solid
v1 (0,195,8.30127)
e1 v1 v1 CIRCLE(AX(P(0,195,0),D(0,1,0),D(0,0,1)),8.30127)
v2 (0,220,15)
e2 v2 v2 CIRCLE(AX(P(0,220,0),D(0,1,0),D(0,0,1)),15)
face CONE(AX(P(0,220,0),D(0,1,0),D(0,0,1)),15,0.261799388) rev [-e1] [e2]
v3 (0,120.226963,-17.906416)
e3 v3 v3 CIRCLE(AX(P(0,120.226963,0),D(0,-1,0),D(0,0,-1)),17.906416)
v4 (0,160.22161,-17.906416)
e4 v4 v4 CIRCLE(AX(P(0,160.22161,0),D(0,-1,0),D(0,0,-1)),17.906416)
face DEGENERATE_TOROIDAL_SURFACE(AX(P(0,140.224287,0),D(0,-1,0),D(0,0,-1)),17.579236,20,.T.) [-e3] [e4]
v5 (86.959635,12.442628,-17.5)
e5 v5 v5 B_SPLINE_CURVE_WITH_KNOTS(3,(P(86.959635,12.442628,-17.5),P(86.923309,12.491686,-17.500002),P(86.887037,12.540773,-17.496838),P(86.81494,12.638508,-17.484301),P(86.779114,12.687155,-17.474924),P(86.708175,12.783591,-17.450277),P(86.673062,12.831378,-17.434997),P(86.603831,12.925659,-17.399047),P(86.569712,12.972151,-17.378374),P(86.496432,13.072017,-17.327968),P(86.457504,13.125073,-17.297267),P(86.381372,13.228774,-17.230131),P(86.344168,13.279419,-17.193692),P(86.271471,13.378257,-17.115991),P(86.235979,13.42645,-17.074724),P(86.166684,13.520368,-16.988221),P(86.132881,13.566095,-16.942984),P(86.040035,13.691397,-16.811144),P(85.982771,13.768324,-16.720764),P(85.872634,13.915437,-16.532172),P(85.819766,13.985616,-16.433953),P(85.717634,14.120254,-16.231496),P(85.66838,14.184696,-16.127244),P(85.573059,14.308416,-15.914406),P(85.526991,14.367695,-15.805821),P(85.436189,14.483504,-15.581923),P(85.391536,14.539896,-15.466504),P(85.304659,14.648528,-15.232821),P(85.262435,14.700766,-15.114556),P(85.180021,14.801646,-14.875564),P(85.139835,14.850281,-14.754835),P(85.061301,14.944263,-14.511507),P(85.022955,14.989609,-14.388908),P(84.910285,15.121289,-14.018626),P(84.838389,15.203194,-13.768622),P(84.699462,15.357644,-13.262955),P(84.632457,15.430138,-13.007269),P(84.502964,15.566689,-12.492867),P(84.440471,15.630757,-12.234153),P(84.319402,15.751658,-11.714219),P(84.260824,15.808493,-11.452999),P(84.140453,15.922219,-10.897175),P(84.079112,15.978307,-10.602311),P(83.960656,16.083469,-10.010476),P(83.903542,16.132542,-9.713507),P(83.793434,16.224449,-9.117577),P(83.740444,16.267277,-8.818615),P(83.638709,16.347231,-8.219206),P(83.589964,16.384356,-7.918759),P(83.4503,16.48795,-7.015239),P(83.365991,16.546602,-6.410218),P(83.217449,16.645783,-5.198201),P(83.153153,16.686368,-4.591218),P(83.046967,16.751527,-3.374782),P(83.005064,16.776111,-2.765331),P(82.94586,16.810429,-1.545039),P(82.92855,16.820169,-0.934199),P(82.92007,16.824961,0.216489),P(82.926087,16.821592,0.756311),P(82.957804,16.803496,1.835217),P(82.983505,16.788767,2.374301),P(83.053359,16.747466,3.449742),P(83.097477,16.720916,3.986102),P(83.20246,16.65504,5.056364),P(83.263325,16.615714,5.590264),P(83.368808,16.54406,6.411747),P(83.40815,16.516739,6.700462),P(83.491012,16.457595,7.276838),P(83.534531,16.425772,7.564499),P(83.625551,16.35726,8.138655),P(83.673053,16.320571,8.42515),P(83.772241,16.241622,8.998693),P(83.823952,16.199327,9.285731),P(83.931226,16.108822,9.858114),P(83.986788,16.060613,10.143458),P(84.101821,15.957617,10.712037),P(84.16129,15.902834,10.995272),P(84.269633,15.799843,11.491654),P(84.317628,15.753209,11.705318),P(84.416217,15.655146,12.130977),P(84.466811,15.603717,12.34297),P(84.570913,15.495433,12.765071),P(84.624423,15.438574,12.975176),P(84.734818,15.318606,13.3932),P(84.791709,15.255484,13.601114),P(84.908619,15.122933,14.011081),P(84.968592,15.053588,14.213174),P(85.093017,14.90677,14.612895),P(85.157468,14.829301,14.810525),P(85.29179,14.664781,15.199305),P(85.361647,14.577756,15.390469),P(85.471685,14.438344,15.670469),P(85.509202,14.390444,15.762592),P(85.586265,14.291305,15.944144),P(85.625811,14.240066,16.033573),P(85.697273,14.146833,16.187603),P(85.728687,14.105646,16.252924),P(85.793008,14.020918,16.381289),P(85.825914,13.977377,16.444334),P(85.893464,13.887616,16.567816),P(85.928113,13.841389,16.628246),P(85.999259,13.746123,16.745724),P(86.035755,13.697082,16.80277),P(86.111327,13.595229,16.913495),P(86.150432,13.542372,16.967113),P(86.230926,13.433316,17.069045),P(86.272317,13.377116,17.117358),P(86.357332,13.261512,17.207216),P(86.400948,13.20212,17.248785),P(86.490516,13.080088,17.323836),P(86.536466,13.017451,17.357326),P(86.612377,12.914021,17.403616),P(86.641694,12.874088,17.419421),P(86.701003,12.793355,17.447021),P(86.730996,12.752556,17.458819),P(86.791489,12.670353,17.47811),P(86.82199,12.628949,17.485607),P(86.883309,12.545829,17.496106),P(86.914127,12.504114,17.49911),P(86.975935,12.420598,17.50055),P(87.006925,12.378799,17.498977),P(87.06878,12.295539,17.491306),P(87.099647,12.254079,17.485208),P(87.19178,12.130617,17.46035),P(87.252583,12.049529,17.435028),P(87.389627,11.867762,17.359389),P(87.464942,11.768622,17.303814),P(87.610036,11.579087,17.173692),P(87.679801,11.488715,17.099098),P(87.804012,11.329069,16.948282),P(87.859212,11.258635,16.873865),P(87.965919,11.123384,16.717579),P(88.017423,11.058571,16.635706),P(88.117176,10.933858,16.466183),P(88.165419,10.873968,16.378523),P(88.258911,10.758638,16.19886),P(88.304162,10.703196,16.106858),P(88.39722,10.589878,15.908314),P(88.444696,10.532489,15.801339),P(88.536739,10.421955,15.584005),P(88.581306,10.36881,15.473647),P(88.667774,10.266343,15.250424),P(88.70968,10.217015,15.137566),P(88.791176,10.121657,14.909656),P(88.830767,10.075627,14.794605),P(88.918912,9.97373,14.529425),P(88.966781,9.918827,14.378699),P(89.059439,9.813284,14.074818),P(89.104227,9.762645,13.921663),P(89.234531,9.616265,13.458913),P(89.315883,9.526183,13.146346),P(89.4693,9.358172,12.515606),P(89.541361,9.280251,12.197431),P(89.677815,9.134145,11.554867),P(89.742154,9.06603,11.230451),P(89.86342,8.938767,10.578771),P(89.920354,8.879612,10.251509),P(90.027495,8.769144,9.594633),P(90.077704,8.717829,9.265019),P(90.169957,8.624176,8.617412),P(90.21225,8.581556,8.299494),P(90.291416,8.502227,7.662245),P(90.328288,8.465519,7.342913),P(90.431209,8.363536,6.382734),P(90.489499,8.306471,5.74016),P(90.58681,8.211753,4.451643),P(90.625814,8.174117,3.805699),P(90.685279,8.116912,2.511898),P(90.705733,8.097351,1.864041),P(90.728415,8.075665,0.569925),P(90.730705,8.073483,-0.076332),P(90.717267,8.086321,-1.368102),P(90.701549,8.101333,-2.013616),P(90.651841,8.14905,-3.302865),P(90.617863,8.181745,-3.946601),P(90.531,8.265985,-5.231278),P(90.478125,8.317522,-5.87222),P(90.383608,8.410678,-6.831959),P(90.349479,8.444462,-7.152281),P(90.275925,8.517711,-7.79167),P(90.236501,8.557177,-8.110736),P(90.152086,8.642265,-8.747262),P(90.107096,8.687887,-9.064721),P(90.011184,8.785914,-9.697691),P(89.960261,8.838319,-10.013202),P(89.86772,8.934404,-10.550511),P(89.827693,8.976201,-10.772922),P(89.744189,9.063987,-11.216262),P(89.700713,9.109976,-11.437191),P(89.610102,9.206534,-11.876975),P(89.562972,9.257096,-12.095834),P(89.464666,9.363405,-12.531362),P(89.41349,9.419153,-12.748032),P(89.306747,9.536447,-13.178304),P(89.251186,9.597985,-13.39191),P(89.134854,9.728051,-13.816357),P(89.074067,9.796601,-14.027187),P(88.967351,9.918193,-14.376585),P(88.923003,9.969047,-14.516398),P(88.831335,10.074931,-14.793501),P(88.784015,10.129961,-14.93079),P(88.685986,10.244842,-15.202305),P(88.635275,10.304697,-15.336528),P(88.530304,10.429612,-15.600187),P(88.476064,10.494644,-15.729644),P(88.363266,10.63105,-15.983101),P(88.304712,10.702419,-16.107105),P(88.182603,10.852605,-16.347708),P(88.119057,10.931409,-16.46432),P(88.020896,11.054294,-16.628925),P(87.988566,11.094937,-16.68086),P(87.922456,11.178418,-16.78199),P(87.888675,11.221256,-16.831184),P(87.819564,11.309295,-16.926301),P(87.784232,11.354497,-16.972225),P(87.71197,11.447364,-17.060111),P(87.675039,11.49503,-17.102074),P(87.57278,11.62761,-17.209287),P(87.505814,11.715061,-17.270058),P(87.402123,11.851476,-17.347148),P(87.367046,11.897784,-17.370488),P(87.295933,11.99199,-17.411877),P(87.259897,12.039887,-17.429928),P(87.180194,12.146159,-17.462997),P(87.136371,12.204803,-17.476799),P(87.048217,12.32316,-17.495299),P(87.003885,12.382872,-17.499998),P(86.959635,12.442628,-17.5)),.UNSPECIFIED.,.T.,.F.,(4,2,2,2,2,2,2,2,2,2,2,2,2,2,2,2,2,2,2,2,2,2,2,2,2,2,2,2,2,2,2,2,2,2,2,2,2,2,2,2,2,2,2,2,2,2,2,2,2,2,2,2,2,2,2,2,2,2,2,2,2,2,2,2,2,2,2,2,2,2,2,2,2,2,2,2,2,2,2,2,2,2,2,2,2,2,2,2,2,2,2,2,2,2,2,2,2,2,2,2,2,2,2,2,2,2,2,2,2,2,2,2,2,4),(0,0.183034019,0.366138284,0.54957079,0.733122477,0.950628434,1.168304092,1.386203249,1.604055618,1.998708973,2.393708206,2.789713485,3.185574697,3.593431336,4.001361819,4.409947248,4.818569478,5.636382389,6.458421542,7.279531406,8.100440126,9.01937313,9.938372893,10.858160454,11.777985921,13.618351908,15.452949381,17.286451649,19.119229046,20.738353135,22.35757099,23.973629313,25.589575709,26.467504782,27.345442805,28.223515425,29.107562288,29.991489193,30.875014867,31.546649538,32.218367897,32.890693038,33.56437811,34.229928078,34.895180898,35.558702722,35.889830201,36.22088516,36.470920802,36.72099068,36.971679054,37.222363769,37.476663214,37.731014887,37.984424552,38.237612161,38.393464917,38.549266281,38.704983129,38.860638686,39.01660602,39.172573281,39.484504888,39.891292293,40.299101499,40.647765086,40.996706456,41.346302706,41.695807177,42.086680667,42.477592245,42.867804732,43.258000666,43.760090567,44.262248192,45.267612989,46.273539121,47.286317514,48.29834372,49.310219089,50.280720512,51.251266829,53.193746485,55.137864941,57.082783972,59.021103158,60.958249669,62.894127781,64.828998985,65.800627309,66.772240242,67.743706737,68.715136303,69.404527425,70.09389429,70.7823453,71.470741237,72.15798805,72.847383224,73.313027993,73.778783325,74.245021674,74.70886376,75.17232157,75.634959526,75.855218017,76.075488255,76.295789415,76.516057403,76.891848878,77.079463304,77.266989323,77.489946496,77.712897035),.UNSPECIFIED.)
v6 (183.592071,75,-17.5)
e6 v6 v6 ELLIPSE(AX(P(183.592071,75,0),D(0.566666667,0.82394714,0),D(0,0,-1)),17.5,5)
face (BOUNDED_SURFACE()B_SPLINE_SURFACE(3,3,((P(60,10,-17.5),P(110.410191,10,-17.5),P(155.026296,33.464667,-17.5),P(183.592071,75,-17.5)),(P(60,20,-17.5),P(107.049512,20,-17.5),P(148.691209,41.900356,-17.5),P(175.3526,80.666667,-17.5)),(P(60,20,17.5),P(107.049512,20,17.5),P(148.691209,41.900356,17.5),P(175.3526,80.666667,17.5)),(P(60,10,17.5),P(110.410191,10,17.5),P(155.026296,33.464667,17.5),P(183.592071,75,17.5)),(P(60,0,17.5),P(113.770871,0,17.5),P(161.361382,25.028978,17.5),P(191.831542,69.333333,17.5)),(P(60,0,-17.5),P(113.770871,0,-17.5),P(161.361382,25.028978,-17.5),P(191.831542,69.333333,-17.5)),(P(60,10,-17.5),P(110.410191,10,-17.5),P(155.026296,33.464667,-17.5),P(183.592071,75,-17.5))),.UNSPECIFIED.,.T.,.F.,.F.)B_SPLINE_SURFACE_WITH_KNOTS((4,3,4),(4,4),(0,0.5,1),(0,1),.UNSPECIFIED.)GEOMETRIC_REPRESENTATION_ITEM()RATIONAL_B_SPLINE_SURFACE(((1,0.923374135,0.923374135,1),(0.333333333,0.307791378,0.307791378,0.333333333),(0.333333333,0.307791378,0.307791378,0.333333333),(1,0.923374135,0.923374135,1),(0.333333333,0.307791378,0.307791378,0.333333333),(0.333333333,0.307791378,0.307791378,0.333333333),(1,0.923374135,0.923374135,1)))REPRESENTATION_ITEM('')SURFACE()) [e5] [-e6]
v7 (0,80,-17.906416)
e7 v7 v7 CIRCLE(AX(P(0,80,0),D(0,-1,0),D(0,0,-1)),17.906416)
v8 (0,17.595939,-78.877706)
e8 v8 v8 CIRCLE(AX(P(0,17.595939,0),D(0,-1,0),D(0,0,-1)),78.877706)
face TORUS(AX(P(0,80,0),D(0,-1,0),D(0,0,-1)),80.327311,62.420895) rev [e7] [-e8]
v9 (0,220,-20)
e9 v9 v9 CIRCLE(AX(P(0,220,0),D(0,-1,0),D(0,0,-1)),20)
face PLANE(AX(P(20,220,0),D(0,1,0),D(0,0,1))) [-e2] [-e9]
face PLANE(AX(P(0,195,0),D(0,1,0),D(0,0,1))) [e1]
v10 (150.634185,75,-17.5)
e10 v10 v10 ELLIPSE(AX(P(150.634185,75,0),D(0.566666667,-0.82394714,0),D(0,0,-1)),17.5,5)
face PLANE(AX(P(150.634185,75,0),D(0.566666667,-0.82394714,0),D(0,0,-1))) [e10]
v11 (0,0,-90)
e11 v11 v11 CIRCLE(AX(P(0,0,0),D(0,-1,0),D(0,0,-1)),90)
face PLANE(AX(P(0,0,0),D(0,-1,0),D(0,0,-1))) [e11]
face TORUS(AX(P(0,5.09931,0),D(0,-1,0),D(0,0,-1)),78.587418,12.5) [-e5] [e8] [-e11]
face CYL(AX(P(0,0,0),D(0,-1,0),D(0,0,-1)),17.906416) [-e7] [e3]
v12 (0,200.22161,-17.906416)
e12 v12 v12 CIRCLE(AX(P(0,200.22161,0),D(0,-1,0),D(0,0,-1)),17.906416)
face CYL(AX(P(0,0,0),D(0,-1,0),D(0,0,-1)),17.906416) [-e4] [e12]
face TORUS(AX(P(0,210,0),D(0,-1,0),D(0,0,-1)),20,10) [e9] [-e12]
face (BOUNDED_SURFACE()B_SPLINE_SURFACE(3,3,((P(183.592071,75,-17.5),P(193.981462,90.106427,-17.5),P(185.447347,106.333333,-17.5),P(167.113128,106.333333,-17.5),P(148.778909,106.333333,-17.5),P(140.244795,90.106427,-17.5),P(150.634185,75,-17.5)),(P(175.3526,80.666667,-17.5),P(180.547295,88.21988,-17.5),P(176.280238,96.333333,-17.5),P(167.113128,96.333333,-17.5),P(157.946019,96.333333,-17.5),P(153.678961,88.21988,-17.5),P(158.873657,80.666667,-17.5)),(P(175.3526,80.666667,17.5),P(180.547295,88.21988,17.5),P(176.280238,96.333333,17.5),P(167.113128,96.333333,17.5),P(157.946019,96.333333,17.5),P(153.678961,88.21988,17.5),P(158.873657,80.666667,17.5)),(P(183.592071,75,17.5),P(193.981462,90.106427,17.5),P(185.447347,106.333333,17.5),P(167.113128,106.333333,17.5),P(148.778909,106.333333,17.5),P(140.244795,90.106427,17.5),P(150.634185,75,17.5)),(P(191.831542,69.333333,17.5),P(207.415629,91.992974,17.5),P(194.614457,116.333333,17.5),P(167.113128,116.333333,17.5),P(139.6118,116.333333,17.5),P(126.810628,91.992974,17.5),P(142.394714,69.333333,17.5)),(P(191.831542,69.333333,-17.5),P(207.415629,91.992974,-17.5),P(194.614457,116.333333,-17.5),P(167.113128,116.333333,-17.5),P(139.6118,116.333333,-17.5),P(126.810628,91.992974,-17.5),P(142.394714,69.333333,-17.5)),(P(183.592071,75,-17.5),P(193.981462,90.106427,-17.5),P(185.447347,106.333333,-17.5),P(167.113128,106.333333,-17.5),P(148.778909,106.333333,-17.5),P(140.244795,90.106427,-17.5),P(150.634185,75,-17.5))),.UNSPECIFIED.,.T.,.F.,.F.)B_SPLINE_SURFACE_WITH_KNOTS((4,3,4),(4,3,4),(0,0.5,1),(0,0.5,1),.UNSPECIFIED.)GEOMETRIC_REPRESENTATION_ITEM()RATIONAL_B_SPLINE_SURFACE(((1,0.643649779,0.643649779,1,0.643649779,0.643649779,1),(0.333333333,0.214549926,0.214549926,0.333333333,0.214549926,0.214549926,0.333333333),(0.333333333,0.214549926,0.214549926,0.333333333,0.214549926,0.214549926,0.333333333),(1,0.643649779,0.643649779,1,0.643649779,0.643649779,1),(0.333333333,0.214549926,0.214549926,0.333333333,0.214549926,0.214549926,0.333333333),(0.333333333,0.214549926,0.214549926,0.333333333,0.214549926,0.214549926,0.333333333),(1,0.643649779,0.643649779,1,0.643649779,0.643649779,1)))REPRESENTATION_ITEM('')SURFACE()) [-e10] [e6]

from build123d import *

# Parameters (mm, degrees)
SKETCH4_RX         = 17.5
SKETCH4_RY         = 5
SKETCH7_R          = 15
CUT_EXTRUDE3_DEPTH = 25
CUT_EXTRUDE3_DRAFT = -15


with BuildPart() as part:
    # Sketch1 → Revolve1 (revolve)
    with BuildSketch(Plane.XY, mode=Mode.PRIVATE) as revolve1_sk:
        with BuildLine():
            Line((0, 0), (0, 220))
            Line((0, 220), (20, 220))
            ThreePointArc((20, 220), (29.944443098, 208.947359758), (17.906415801, 200.221610296))
            Line((17.906415801, 200.221610296), (17.906415801, 160.221610296))
            ThreePointArc((17.906415801, 160.221610296), (37.579236249, 140.224286637), (17.906415801, 120.226962977))
            Line((17.906415801, 120.226962977), (17.906415801, 80))
            ThreePointArc((17.906415801, 80), (35.679501471, 36.377285025), (78.877706124, 17.595939205))
            ThreePointArc((78.877706124, 17.595939205), (89.153569567, 11.7781153), (90, 0))
            Line((90, 0), (0, 0))
        make_face()
    revolve(revolve1_sk.sketch.rotate(Axis((0, 0, 0), (0, 1, 0)), 90), axis=Axis((0, 0, 0), (0, 1, 0)))

    # Sweep1: sweep along a path in Sketch3
    with BuildLine(Plane.XY) as sweep1_path:
        Line((0, 10), (60, 10))
        ThreePointArc((60, 10), (129.821200219, 27.240819526), (183.592070943, 75))
        ThreePointArc((183.592070943, 75), (167.113128151, 106.333333333), (150.634185358, 75))
    # Sketch4 → Sweep1 (sweep)
    with BuildSketch(Plane(origin=(0, 0, 0), x_dir=(0, 0, -1), z_dir=(1, 0, 0))):
        with Locations((0, 10)):
            Ellipse(SKETCH4_RX, SKETCH4_RY)
    sweep(path=sweep1_path.line)


with BuildPart() as cut_extrude3_tool:
    # Sketch7 → Cut-Extrude3 (with draft: the straight prism first)
    with BuildSketch(Plane(origin=(0, 220, 0), x_dir=(1, 0, 0), z_dir=(0, 1, 0))):
        Circle(SKETCH7_R)
    extrude(amount=-CUT_EXTRUDE3_DEPTH)
    # Cut-Extrude3: the draft: its side faces are tilted about the plane it starts from
    cut_extrude3_sides = [cut_extrude3_tool.faces().sort_by_distance(p)[0] for p in [
        (-15, 207.5, 0),
    ]]
    draft(cut_extrude3_sides, Plane(origin=(0, 220, 0), x_dir=(1, 0, 0), z_dir=(0, 1, 0)), CUT_EXTRUDE3_DRAFT)


with BuildPart() as part_1:
    add(part.part)

    # Cut-Extrude3: cut by cut_extrude3_tool
    add(cut_extrude3_tool.part, mode=Mode.SUBTRACT)


solid = part_1.part
